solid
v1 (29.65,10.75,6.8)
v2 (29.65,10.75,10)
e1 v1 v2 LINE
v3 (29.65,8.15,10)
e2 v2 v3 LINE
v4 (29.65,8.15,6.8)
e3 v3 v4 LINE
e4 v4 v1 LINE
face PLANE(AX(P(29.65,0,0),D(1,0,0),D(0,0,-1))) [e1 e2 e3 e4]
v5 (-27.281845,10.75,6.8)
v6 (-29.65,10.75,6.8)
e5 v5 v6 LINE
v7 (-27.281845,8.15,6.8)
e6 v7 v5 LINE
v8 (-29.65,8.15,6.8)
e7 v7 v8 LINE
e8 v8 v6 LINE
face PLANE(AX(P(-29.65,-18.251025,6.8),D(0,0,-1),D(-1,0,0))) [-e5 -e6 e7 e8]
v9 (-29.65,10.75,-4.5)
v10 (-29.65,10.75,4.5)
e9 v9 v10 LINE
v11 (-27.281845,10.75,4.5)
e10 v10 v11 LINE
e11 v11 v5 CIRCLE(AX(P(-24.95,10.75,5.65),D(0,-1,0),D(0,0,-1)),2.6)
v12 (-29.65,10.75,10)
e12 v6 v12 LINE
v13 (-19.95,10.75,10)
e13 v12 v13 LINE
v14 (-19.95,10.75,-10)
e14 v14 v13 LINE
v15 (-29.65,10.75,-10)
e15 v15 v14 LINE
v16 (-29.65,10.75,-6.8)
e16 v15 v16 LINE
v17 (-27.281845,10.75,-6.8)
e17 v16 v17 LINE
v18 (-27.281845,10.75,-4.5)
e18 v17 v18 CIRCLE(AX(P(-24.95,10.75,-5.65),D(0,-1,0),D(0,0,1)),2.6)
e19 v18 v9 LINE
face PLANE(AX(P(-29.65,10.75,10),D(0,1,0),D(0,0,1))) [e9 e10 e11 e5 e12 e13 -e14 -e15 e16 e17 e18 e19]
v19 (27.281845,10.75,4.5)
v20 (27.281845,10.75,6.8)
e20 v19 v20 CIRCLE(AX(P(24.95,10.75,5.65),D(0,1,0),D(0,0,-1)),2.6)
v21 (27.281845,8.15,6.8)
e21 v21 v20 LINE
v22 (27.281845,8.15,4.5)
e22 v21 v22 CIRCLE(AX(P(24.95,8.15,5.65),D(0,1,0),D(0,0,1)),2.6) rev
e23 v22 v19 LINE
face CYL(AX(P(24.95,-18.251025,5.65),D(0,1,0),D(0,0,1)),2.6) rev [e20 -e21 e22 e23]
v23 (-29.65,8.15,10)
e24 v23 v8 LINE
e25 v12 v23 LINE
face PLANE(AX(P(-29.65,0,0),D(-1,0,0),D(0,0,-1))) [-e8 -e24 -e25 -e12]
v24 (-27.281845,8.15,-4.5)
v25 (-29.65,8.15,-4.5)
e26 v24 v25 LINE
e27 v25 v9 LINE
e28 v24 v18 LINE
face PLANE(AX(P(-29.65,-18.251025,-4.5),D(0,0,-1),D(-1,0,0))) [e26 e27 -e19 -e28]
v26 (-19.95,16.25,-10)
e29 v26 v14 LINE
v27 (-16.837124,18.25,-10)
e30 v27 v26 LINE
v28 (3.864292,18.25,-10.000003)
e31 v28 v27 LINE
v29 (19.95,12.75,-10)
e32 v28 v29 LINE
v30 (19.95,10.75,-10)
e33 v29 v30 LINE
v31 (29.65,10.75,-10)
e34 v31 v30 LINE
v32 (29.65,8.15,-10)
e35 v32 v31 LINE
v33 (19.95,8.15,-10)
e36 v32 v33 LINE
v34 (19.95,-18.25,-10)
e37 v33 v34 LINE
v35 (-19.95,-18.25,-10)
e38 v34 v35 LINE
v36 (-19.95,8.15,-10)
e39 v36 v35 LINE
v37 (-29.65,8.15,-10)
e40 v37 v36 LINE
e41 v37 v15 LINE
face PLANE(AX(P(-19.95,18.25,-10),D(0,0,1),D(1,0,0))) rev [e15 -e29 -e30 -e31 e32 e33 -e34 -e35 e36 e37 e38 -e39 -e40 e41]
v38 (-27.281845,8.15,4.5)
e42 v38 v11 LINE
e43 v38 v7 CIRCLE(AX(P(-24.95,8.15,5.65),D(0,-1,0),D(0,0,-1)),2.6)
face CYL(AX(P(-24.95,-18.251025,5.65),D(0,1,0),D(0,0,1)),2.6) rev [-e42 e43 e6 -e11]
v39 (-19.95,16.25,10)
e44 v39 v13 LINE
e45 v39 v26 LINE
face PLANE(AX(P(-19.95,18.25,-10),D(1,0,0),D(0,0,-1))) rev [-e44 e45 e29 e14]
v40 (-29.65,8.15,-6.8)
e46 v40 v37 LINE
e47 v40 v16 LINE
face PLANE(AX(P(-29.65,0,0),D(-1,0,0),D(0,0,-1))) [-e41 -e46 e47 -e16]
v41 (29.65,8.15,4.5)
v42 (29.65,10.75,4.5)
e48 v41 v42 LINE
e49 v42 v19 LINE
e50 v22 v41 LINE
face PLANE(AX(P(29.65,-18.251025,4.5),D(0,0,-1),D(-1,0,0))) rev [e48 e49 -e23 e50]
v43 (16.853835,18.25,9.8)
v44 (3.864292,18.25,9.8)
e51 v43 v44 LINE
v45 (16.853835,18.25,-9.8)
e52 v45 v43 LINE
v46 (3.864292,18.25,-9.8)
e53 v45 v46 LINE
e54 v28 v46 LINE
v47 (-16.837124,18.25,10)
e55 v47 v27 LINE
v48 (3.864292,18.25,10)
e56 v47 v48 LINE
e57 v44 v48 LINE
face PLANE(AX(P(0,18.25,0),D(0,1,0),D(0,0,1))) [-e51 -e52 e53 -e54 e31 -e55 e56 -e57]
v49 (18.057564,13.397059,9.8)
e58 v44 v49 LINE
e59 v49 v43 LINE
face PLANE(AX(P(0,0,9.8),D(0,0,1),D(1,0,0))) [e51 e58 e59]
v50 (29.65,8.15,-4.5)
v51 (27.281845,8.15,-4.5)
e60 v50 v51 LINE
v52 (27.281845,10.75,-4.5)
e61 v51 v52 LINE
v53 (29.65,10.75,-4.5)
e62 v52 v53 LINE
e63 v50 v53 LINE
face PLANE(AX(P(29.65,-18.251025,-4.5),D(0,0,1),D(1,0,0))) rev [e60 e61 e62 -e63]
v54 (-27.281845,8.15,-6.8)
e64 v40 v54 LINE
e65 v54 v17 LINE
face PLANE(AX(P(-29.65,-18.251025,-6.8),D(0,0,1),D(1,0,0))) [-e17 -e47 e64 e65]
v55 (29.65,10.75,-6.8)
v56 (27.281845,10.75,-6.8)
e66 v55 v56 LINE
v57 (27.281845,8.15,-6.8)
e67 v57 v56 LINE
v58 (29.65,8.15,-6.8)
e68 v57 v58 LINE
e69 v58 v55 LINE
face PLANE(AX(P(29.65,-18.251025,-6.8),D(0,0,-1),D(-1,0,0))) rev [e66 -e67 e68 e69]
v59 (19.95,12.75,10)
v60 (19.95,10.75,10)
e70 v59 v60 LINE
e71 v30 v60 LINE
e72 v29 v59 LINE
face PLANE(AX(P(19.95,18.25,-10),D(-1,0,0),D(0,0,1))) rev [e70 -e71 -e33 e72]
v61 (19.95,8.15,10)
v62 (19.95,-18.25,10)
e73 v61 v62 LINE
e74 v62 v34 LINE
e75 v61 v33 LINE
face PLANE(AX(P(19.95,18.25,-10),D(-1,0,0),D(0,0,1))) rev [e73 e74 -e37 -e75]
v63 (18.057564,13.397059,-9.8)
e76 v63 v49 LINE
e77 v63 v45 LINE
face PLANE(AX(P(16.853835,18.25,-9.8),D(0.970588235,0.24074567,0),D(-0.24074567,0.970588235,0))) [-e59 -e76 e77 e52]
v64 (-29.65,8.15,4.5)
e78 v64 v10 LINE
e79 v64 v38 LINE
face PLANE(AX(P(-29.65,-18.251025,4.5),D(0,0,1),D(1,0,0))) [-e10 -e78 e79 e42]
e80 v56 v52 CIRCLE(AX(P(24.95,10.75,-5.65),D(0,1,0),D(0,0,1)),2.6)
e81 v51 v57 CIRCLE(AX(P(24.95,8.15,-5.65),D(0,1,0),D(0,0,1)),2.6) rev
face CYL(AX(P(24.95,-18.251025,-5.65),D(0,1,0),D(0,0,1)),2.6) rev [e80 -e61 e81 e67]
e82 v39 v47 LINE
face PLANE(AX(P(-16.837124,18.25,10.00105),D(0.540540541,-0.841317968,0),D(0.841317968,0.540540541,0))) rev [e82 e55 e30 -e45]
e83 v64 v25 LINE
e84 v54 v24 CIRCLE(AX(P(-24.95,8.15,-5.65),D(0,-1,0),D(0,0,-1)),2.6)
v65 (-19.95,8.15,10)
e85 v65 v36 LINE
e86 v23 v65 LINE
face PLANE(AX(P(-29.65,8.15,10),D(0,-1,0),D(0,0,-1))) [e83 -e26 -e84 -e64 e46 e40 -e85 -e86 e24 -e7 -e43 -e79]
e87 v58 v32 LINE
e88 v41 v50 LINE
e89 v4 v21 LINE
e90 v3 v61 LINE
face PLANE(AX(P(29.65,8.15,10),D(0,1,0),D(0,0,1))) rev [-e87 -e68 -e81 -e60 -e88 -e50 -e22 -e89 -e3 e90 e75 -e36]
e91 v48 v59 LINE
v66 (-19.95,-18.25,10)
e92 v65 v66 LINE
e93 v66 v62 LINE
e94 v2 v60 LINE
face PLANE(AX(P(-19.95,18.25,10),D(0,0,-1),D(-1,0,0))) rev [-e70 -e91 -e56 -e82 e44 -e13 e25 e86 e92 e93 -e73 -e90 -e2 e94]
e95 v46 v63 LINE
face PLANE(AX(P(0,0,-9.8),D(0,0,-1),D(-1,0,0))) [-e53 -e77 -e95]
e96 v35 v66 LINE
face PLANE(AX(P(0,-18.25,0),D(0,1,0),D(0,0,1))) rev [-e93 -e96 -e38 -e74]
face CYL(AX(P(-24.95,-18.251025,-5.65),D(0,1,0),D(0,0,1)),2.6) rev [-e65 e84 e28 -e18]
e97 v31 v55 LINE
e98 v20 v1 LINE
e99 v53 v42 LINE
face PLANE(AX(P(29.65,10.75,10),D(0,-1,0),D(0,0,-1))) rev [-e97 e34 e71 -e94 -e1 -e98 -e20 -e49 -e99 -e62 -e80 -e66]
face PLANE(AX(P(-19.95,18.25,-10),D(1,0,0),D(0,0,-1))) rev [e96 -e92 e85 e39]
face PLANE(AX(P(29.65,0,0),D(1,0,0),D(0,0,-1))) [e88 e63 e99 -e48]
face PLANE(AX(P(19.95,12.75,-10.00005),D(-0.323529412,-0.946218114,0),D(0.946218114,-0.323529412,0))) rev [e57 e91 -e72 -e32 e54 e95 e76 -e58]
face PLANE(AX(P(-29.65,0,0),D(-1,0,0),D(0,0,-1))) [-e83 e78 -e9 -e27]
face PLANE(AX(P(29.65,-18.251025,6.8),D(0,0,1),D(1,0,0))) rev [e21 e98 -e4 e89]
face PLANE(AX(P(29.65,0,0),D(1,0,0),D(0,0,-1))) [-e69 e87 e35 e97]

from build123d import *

# Parameters (mm, degrees)
SKETCH1_W           = 39.9
SKETCH1_H           = 20
BOSS_EXTRUDE1_DEPTH = 18.25
SKETCH2_W           = 20
SKETCH2_H           = 2.6
BOSS_EXTRUDE2_DEPTH = 9.7
CUT_EXTRUDE1_DEPTH  = 41.15202361
BOSS_EXTRUDE3_DEPTH = 19.8
CUT_EXTRUDE2_REACH  = 44.663
CUT_EXTRUDE4_DEPTH  = 0.2
CUT_EXTRUDE5_REACH  = 42.152


with BuildPart() as part:
    # Sketch1 → Boss-Extrude1 (new, symmetric)
    with BuildSketch(Plane(origin=(0, 0, 0), x_dir=(1, 0, 0), z_dir=(0, 1, 0))):
        Rectangle(SKETCH1_W, SKETCH1_H)
    extrude(amount=BOSS_EXTRUDE1_DEPTH, both=True)

    # Sketch2 → Boss-Extrude2 (add)
    with BuildSketch(Plane(origin=(19.95, 0, 0), x_dir=(0, 0, -1), z_dir=(1, 0, 0))):
        with Locations((0, 9.45)):
            Rectangle(SKETCH2_W, SKETCH2_H)
    boss_extrude2 = extrude(amount=BOSS_EXTRUDE2_DEPTH)

    # Sketch3 → Cut-Extrude1 (cut, through all)
    with BuildSketch(Plane.XY.offset(10)):
        Polygon((19.95, 12.75), (3.864292058, 18.25), (19.95, 18.25), align=None)
    extrude(amount=-CUT_EXTRUDE1_DEPTH, mode=Mode.SUBTRACT)

    # Sketch5 → Boss-Extrude3 (add)
    with BuildSketch(Plane.XY.offset(10)):
        Polygon((3.864292058, 18.25), (16.853835423, 18.25), (18.057563772, 13.397058824), align=None)
    extrude(amount=-BOSS_EXTRUDE3_DEPTH)

    # Sketch7 → Cut-Extrude2 (cut, up to next)
    with BuildSketch(Plane(origin=(0, 10.75, 0), x_dir=(1, 0, 0), z_dir=(0, 1, 0)), mode=Mode.PRIVATE) as cut_extrude2_sk1:
        with BuildLine():
            Line((29.65, 6.8), (27.281844763, 6.8))
            ThreePointArc((27.281844763, 6.8), (22.35, 5.65), (27.281844763, 4.5))
            Line((27.281844763, 4.5), (29.65, 4.5))
            Line((29.65, 4.5), (29.65, 6.8))
        make_face()
    cut_extrude2_tool1 = extrude(cut_extrude2_sk1.sketch, amount=-CUT_EXTRUDE2_REACH, mode=Mode.PRIVATE) & part.part
    # Sketch7 → Cut-Extrude2 (cut, up to next)
    with BuildSketch(Plane(origin=(0, 10.75, 0), x_dir=(1, 0, 0), z_dir=(0, 1, 0)), mode=Mode.PRIVATE) as cut_extrude2_sk2:
        with BuildLine():
            Line((29.65, -6.8), (27.281844763, -6.8))
            ThreePointArc((27.281844763, -6.8), (22.35, -5.65), (27.281844763, -4.5))
            Line((27.281844763, -4.5), (29.65, -4.5))
            Line((29.65, -4.5), (29.65, -6.8))
        make_face()
    cut_extrude2_tool2 = extrude(cut_extrude2_sk2.sketch, amount=-CUT_EXTRUDE2_REACH, mode=Mode.PRIVATE) & part.part
    cut_extrude2_1 = cut_extrude2_tool1.solids().sort_by_distance((25.640431, 10.75, -5.65))[0]
    add(cut_extrude2_1, mode=Mode.SUBTRACT)
    cut_extrude2_2 = cut_extrude2_tool2.solids().sort_by_distance((25.640431, 10.75, 5.65))[0]
    add(cut_extrude2_2, mode=Mode.SUBTRACT)
    cut_extrude2 = cut_extrude2_1 + cut_extrude2_2  # Cut-Extrude2 as one shape, for the pattern or mirror that repeats it

    # Sketch9 → Cut-Extrude4 (cut)
    with BuildSketch(Plane.XY.offset(10)):
        Polygon((16.853835423, 18.25), (3.864292058, 18.25), (18.057563772, 13.397058824), align=None)
    extrude(amount=-CUT_EXTRUDE4_DEPTH, mode=Mode.SUBTRACT)

    # Sketch10 → Cut-Extrude5 (cut, up to next)
    with BuildSketch(Plane(origin=(0, 0, -10), x_dir=(-1, 0, 0), z_dir=(0, 0, -1)), mode=Mode.PRIVATE) as cut_extrude5_sk1:
        Polygon((16.837123517, 18.25), (19.95, 16.25), (19.95, 18.25), align=None)
    cut_extrude5_tool1 = extrude(cut_extrude5_sk1.sketch, amount=-CUT_EXTRUDE5_REACH, mode=Mode.PRIVATE) & part.part
    add(cut_extrude5_tool1.solids().sort_by_distance((-18.912375, 17.583333, -10))[0], mode=Mode.SUBTRACT)

    # Mirror1: Boss-Extrude2, Cut-Extrude2 across plane
    add(boss_extrude2.mirror(Plane(origin=(0, 0, 0), x_dir=(0, 0, 1), z_dir=(1, 0, 0))))
    add(cut_extrude2.mirror(Plane(origin=(0, 0, 0), x_dir=(0, 0, 1), z_dir=(1, 0, 0))), mode=Mode.SUBTRACT)


solid = part.part
